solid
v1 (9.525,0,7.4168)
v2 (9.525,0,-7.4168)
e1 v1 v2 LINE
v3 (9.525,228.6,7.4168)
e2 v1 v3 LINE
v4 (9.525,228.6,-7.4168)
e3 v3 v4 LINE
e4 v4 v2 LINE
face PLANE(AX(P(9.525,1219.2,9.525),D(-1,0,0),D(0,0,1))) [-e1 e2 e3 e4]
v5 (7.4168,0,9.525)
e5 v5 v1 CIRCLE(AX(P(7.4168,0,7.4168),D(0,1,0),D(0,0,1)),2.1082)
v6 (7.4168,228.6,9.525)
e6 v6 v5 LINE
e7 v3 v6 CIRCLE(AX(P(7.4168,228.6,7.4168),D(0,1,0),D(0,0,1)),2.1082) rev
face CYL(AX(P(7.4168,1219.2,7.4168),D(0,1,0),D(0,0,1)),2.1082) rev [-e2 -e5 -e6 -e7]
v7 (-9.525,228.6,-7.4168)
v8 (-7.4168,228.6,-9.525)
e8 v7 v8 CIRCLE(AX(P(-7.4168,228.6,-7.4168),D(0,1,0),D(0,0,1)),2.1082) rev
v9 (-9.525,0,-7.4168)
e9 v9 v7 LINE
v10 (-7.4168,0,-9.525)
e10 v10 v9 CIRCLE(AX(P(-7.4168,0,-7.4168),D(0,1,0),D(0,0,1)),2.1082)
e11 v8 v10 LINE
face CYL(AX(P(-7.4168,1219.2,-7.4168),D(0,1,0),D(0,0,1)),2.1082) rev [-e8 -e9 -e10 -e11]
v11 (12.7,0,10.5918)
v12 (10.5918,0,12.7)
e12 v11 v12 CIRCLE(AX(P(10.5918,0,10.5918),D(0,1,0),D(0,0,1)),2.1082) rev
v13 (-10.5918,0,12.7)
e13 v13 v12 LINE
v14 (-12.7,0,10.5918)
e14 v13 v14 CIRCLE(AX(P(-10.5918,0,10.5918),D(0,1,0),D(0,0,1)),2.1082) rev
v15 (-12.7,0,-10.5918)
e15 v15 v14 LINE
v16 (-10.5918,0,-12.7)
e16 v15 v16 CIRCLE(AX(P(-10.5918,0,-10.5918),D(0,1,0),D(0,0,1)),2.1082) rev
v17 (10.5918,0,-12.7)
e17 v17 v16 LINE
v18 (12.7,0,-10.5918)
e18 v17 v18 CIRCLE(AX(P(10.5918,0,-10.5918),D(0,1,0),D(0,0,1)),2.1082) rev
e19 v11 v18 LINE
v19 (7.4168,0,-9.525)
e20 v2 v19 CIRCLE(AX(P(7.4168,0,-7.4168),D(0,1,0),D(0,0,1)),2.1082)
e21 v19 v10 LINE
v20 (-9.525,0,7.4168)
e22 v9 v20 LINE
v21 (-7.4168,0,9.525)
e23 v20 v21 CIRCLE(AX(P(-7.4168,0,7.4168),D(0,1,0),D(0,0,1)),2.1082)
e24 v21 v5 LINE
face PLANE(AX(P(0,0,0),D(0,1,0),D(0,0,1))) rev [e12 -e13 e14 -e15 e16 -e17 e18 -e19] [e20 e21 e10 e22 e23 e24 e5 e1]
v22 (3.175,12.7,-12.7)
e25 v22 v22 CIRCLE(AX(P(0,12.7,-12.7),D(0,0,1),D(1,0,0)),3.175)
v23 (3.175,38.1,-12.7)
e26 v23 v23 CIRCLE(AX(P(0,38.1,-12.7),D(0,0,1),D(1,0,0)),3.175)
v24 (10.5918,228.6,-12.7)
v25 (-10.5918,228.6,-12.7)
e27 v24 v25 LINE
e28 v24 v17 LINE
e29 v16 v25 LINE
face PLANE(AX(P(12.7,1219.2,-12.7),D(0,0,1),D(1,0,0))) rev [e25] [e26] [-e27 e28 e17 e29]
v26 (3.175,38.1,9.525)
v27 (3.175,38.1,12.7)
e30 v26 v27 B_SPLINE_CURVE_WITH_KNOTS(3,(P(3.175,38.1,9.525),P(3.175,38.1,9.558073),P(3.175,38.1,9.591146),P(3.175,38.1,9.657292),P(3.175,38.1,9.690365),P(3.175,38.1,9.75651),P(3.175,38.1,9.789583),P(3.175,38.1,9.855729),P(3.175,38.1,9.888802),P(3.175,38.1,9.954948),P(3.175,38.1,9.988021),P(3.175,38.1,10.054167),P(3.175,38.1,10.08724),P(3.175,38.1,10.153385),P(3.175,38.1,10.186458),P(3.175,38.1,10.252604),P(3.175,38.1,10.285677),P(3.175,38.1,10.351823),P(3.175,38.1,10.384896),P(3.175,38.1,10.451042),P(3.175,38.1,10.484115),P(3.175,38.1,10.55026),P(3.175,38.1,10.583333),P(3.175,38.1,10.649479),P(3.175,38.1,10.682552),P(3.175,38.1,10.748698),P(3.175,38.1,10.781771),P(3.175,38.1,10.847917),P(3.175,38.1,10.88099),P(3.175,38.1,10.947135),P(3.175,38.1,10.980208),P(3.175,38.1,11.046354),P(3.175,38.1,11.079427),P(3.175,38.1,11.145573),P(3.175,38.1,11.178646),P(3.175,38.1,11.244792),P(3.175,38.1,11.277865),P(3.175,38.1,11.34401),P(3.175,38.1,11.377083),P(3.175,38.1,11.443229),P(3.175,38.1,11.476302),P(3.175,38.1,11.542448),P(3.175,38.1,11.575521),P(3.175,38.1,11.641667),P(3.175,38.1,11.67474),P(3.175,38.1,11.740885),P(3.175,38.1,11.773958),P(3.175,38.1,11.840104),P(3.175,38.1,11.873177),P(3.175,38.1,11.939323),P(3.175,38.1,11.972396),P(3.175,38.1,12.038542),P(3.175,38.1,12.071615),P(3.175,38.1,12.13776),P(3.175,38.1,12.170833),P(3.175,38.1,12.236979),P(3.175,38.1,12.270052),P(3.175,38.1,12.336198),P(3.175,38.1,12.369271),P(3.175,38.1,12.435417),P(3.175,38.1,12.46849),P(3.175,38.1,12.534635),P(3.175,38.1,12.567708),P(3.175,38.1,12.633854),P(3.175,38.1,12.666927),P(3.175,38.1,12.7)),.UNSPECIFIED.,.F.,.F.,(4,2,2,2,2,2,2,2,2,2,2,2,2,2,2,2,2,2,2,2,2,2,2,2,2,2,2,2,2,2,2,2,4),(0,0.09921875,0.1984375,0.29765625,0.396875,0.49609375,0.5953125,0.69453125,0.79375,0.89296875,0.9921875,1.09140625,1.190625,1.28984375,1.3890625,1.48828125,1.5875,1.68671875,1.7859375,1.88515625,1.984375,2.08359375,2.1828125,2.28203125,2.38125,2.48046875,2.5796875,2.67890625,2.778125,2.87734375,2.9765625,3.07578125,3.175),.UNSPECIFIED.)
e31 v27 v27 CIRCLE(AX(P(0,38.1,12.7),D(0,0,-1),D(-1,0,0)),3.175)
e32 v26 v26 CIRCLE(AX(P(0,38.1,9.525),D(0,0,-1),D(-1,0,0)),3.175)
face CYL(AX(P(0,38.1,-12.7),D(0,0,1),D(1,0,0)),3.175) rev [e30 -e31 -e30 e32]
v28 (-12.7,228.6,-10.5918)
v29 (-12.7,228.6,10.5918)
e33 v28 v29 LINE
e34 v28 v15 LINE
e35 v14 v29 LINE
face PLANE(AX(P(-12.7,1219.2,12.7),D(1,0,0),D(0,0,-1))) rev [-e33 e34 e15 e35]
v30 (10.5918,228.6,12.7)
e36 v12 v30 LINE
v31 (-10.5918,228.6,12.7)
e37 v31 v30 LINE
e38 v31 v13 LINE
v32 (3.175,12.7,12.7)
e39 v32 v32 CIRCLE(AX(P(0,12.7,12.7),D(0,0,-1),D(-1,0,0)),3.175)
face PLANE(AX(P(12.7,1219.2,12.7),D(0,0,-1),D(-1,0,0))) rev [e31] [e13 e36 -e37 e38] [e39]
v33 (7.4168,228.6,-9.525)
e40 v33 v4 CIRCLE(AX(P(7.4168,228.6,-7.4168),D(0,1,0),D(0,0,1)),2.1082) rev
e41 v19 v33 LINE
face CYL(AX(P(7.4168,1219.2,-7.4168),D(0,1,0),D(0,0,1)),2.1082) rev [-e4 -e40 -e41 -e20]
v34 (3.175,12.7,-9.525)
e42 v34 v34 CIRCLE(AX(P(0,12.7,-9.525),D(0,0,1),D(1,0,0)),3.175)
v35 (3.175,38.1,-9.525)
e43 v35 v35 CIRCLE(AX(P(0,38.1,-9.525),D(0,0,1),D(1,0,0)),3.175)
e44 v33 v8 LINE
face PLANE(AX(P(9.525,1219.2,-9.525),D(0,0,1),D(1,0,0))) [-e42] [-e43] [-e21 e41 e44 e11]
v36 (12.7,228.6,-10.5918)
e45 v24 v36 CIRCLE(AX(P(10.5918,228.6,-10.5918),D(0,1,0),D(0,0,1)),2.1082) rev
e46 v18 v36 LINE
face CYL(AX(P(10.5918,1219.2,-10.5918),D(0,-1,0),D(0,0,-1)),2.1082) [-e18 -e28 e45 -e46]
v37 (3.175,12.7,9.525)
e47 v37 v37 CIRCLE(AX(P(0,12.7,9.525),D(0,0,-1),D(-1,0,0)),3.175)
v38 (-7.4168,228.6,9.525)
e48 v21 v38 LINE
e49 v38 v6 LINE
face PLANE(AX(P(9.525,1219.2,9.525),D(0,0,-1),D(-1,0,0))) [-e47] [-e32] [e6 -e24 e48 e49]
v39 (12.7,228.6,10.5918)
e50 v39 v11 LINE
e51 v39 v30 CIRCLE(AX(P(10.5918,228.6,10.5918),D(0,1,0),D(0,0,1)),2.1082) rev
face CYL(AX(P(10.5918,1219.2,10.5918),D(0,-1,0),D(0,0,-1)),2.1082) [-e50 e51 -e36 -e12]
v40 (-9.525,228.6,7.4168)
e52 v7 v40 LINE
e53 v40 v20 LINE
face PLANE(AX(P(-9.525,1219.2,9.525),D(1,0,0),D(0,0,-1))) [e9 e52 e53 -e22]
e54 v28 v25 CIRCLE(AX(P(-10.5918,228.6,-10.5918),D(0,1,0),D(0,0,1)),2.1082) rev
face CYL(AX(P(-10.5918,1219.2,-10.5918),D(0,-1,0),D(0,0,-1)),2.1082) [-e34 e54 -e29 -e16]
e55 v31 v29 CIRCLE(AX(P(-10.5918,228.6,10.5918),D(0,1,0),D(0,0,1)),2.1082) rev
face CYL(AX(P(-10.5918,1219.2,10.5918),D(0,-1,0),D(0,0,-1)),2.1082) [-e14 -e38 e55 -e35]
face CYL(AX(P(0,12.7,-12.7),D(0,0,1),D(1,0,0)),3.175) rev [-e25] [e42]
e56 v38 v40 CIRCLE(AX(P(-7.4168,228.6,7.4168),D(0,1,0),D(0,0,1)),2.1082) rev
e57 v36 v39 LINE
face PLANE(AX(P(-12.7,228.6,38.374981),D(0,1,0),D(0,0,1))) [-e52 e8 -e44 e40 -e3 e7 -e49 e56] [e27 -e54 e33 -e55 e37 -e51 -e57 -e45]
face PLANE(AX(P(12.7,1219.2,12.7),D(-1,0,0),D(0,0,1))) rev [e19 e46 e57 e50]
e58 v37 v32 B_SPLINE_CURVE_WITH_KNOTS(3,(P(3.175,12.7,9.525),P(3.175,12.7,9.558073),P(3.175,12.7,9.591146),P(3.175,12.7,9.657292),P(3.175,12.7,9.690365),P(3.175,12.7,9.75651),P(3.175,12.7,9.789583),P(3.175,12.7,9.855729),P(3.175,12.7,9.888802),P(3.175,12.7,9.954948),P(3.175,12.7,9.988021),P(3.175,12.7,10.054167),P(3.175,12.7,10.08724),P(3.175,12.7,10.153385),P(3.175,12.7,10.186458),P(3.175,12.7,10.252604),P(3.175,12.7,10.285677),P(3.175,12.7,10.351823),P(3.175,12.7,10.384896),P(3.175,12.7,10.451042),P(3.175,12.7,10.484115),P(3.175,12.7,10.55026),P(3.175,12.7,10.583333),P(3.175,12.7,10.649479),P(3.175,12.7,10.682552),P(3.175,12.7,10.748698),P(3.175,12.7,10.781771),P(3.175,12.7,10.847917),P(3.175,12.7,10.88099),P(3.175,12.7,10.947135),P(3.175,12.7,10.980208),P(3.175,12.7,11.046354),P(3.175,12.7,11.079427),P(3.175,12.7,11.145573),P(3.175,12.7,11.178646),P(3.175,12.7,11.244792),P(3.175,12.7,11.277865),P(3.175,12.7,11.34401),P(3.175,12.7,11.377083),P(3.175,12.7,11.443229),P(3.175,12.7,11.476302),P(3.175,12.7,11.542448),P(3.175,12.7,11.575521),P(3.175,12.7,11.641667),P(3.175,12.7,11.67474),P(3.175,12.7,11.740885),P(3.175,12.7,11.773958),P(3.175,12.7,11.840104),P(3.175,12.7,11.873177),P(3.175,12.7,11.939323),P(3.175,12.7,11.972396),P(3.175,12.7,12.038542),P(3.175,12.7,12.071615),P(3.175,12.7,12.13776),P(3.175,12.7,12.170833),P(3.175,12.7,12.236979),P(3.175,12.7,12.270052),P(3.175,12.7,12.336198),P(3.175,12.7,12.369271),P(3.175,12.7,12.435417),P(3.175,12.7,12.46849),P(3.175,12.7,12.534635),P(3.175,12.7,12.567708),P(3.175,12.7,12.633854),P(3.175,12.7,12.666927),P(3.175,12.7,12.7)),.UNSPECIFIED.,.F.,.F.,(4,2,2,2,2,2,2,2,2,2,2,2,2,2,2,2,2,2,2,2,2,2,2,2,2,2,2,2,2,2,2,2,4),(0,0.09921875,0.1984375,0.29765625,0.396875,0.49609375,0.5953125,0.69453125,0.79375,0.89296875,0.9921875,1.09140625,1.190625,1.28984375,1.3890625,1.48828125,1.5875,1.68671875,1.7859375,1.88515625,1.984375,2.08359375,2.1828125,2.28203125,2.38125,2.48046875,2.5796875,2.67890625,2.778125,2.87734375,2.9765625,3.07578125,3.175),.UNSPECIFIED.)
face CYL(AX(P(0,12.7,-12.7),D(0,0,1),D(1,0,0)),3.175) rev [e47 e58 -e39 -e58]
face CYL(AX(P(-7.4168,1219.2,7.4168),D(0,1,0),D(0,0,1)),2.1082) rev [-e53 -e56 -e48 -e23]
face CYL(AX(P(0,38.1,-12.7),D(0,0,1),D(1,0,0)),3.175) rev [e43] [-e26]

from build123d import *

# Parameters (mm, degrees)
SKETCH1_W               = 25.4
SKETCH1_H               = 25.4
SKETCH1_W_2             = 19.05
SKETCH1_H_2             = 19.05
BOSS_EXTRUDE1_DEPTH     = 1219.2
FILLET1_R               = 2.1082
SKETCH2_OUTSIDE_W       = 271.346
SKETCH2_OUTSIDE_H       = 1465.146
SKETCH2_OUTSIDE_W_2     = 161.404490431
SKETCH2_OUTSIDE_H_2     = 228.6
CUT_EXTRUDE1_DEPTH      = 1220.530684321
CUT_EXTRUDE3_DEPTH      = 231.35713577
CUT_EXTRUDE3_DEPTH_BACK = 231.35713577
SKETCH5_R               = 3.175


with BuildPart() as part:
    # Sketch1 → Boss-Extrude1 (new body)
    with BuildSketch(Plane(origin=(0, 0, 0), x_dir=(1, 0, 0), z_dir=(0, 1, 0))):
        Rectangle(SKETCH1_W, SKETCH1_H)
        Rectangle(SKETCH1_W_2, SKETCH1_H_2, mode=Mode.SUBTRACT)
    extrude(amount=BOSS_EXTRUDE1_DEPTH)

    # Fillet1
    fillet1_edges = [part.edges().sort_by_distance(p)[0] for p in [
        (9.525, 609.6, 9.525),
        (9.525, 609.6, -9.525),
        (-9.525, 609.6, -9.525),
        (-9.525, 609.6, 9.525),
        (-12.7, 609.6, -12.7),
        (12.7, 609.6, -12.7),
        (12.7, 609.6, 12.7),
        (-12.7, 609.6, 12.7),
    ]]
    fillet(fillet1_edges, radius=FILLET1_R)

    # Sketch2 outside → Cut-Extrude1 (cut, through all)
    with BuildSketch(Plane(origin=(12.7, 0, 0), x_dir=(0, 0, -1), z_dir=(1, 0, 0))):
        with Locations((0, 609.6)):
            Rectangle(SKETCH2_OUTSIDE_W, SKETCH2_OUTSIDE_H)
        with Locations((42.327264621, 114.3)):
            Rectangle(SKETCH2_OUTSIDE_W_2, SKETCH2_OUTSIDE_H_2, mode=Mode.SUBTRACT)
    extrude(amount=-CUT_EXTRUDE1_DEPTH, mode=Mode.SUBTRACT)

    # Sketch5 → Cut-Extrude3 (cut, two sides: drawn at the far end of the back side and taken through both)
    with BuildSketch(Plane.XY.offset(12.7).offset(-CUT_EXTRUDE3_DEPTH_BACK)):
        with Locations((0, 12.7)):
            Circle(SKETCH5_R)
        with Locations((0, 38.1)):
            Circle(SKETCH5_R)
    extrude(amount=CUT_EXTRUDE3_DEPTH + CUT_EXTRUDE3_DEPTH_BACK, mode=Mode.SUBTRACT)


solid = part.part
